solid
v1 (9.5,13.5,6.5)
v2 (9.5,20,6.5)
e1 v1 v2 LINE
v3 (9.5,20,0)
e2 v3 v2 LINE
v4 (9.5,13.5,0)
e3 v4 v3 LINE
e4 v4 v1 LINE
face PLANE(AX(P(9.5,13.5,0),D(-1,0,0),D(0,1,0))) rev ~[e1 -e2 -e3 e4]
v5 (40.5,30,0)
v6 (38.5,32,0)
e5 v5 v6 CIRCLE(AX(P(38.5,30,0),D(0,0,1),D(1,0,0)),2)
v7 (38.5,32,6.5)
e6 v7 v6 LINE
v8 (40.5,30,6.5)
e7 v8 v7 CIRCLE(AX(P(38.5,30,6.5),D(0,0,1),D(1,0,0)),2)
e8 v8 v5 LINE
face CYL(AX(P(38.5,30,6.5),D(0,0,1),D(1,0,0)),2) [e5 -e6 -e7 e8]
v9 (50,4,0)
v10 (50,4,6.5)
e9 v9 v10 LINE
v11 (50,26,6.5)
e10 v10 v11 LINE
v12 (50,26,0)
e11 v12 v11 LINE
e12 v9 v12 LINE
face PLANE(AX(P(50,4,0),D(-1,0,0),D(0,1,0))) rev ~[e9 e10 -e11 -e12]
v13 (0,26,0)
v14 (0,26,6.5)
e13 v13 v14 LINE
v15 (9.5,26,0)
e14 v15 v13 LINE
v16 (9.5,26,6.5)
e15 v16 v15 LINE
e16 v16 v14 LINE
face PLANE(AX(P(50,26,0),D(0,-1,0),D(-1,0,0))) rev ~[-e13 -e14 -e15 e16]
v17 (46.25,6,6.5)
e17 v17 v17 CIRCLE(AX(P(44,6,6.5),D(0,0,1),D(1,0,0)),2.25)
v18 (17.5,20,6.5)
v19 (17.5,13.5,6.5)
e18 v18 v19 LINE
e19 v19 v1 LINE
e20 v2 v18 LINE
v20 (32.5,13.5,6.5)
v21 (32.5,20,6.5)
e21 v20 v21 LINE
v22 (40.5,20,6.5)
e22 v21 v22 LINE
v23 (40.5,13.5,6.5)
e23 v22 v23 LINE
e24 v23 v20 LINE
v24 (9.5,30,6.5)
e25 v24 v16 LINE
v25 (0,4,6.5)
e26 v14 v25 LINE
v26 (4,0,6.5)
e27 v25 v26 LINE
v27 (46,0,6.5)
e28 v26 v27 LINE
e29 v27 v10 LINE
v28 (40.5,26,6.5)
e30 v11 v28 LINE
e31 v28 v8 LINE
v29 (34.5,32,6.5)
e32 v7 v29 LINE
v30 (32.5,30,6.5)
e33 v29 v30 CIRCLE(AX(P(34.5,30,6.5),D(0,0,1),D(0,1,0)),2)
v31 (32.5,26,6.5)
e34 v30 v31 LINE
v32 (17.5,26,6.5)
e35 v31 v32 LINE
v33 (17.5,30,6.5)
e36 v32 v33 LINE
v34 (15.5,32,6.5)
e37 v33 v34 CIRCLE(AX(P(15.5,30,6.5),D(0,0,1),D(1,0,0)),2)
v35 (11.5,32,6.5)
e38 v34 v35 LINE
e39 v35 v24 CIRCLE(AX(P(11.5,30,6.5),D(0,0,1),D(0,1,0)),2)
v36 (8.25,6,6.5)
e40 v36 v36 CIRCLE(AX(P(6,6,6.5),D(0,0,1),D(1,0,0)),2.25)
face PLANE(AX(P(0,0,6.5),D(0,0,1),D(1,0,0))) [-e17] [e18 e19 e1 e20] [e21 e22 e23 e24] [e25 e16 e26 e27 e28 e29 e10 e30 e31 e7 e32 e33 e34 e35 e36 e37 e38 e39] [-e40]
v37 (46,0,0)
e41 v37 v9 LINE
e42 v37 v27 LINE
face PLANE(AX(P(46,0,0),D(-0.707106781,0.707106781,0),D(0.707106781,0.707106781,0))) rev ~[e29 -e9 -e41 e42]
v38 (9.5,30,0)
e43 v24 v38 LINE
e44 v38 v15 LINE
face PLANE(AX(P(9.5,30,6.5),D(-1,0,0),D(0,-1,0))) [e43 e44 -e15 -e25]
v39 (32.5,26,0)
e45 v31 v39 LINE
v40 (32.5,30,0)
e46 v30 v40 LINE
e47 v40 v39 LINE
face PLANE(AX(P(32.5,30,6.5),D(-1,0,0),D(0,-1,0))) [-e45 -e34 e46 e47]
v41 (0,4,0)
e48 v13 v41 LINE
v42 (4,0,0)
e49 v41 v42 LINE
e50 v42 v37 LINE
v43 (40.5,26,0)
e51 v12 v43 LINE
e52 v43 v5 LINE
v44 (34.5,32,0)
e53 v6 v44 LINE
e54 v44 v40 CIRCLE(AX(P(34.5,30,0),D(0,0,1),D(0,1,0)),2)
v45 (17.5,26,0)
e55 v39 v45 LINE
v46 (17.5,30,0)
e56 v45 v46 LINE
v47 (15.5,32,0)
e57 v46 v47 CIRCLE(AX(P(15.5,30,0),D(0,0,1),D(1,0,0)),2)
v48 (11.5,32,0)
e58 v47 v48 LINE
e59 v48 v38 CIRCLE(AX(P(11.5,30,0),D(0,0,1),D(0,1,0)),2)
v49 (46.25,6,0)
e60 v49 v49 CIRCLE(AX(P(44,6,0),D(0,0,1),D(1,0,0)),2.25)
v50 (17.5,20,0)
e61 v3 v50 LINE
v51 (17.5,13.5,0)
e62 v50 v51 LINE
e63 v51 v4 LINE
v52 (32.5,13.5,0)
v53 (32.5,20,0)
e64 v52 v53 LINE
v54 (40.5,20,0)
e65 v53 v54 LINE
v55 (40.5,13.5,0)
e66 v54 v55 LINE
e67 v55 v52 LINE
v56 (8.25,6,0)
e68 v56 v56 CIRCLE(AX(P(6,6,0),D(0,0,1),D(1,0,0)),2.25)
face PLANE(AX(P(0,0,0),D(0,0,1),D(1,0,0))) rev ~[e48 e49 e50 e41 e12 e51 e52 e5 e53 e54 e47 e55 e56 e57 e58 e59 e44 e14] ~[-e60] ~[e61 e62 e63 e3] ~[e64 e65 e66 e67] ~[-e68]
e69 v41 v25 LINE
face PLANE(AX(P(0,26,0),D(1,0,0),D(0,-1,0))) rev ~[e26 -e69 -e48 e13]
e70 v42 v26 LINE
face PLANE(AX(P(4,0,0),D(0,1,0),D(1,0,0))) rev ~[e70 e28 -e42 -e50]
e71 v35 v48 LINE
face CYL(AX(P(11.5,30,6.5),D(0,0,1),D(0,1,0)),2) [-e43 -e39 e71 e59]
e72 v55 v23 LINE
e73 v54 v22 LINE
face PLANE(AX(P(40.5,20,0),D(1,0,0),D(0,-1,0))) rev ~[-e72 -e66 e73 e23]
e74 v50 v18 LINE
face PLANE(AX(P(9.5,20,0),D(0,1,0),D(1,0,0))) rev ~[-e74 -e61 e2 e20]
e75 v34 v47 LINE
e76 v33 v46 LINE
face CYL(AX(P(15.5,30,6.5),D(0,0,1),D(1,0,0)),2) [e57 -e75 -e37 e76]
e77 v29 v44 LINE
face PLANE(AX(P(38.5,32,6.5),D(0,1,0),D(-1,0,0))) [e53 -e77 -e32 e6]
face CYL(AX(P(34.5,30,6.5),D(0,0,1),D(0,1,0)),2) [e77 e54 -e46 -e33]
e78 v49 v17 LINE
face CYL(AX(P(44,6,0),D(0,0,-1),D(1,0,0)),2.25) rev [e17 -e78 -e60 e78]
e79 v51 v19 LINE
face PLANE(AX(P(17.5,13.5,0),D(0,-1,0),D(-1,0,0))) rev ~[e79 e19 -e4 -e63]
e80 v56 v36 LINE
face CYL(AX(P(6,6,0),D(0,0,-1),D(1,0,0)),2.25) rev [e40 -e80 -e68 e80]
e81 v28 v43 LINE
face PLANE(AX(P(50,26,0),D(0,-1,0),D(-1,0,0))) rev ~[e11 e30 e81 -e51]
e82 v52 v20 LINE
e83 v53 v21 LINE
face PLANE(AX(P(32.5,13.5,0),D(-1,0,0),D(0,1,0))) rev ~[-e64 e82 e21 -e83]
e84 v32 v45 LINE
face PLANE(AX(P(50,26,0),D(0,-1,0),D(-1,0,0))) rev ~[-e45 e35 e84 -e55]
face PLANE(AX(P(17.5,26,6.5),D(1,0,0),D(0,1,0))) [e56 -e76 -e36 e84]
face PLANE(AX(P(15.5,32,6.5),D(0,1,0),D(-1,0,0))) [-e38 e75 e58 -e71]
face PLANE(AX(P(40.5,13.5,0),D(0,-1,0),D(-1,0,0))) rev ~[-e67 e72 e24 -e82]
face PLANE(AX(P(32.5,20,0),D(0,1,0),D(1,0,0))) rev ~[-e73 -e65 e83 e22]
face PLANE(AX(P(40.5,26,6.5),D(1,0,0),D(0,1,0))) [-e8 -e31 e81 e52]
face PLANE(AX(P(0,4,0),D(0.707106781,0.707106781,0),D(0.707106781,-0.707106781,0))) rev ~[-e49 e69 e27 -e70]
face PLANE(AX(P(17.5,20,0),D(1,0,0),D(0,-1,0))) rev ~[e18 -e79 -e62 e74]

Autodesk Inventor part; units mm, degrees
ref_plane "YZ Plane" through (0, 0, 0) normal (1, 0, 0) x (0, 1, 0)
ref_plane "XZ Plane" through (0, 0, 0) normal (0, 1, 0) x (-1, 0, 0)
ref_plane "XY Plane" through (0, 0, 0) normal (0, 0, 1) x (1, 0, 0)
sketch "Sketch1" plane through (0, 0, 0) normal (0, 0, 1) x (1, 0, 0)
  line L0 (4, 0) -> (46, 0)
  line L1 (50, 4) -> (50, 26)
  line L2 (50, 26) -> (0, 26)
  line L3 (0, 26) -> (0, 4)
  line L4 (0, 4) -> (4, 0)
  line L5 (46, 0) -> (50, 4)
  circle A0 centre (6, 6) radius 2.25
  circle A1 centre (44, 6) radius 2.25
  line L6 (9.5, 20) -> (17.5, 20)
  line L7 (17.5, 20) -> (17.5, 13.5)
  line L8 (17.5, 13.5) -> (9.5, 13.5)
  line L9 (9.5, 13.5) -> (9.5, 20)
  line L10 (32.5, 20) -> (40.5, 20)
  line L11 (40.5, 20) -> (40.5, 13.5)
  line L12 (40.5, 13.5) -> (32.5, 13.5)
  line L13 (32.5, 13.5) -> (32.5, 20)
  line L14 (17.5, 20) -> (32.5, 13.5) construction
  line L15 (32.5, 20) -> (17.5, 13.5) construction
  point P0 (0, 0)
  point P1 (50, 0)
  point P2 (25, 16.75)
  point P3 (25, 26)
  dimension "d0" = 26
  dimension "d1" = 50
  dimension "d2" = 4
  dimension "d3" = 4
  dimension "d4" = 4
  dimension "d5" = 4
  dimension "d6" = 4.5
  dimension "d7" = 4.5
  dimension "d8" = 20
  dimension "d9" = 6
  dimension "d10" = 6
  dimension "d11" = 6.5
  dimension "d12" = 8
  dimension "d13" = 8
  dimension "d14" = 15
  dimension "d15" = 6
extrude "Extrusion1" add sketch "Sketch1" along normal blind 6.5
sketch "Sketch2" plane through (0, 0, 6.5) normal (0, 0, 1) x (1, 0, 0)
  line L0 (17.5, 20) -> (17.5, 13.5) projected
  line L1 (50, 26) -> (0, 26) projected
  line L2 (9.5, 26) -> (17.5, 26)
  line L3 (17.5, 26) -> (17.5, 30)
  line L4 (15.5, 32) -> (11.5, 32)
  line L5 (9.5, 30) -> (9.5, 26)
  line L6 (32.5, 26) -> (40.5, 26)
  line L7 (40.5, 26) -> (40.5, 30)
  line L8 (38.5, 32) -> (34.5, 32)
  line L9 (32.5, 30) -> (32.5, 26)
  arc A0 (11.5, 32) -> (9.5, 30) centre (11.5, 30) ccw
  arc A1 (17.5, 30) -> (15.5, 32) centre (15.5, 30) ccw
  arc A2 (34.5, 32) -> (32.5, 30) centre (34.5, 30) ccw
  arc A3 (40.5, 30) -> (38.5, 32) centre (38.5, 30) ccw
  point P0 (0, 0)
  dimension "d18" = 2
  dimension "d19" = 8
  dimension "d20" = 8
  dimension "d21" = 15
  dimension "d22" = 6
extrude "Extrusion2" add sketch "Sketch2" against normal blind 6.5
equation "\"d3\" = d2"
equation "\"d4\" = d2"
equation "\"d5\" = d4"
properties part number "y_carriage_belt_mount"
